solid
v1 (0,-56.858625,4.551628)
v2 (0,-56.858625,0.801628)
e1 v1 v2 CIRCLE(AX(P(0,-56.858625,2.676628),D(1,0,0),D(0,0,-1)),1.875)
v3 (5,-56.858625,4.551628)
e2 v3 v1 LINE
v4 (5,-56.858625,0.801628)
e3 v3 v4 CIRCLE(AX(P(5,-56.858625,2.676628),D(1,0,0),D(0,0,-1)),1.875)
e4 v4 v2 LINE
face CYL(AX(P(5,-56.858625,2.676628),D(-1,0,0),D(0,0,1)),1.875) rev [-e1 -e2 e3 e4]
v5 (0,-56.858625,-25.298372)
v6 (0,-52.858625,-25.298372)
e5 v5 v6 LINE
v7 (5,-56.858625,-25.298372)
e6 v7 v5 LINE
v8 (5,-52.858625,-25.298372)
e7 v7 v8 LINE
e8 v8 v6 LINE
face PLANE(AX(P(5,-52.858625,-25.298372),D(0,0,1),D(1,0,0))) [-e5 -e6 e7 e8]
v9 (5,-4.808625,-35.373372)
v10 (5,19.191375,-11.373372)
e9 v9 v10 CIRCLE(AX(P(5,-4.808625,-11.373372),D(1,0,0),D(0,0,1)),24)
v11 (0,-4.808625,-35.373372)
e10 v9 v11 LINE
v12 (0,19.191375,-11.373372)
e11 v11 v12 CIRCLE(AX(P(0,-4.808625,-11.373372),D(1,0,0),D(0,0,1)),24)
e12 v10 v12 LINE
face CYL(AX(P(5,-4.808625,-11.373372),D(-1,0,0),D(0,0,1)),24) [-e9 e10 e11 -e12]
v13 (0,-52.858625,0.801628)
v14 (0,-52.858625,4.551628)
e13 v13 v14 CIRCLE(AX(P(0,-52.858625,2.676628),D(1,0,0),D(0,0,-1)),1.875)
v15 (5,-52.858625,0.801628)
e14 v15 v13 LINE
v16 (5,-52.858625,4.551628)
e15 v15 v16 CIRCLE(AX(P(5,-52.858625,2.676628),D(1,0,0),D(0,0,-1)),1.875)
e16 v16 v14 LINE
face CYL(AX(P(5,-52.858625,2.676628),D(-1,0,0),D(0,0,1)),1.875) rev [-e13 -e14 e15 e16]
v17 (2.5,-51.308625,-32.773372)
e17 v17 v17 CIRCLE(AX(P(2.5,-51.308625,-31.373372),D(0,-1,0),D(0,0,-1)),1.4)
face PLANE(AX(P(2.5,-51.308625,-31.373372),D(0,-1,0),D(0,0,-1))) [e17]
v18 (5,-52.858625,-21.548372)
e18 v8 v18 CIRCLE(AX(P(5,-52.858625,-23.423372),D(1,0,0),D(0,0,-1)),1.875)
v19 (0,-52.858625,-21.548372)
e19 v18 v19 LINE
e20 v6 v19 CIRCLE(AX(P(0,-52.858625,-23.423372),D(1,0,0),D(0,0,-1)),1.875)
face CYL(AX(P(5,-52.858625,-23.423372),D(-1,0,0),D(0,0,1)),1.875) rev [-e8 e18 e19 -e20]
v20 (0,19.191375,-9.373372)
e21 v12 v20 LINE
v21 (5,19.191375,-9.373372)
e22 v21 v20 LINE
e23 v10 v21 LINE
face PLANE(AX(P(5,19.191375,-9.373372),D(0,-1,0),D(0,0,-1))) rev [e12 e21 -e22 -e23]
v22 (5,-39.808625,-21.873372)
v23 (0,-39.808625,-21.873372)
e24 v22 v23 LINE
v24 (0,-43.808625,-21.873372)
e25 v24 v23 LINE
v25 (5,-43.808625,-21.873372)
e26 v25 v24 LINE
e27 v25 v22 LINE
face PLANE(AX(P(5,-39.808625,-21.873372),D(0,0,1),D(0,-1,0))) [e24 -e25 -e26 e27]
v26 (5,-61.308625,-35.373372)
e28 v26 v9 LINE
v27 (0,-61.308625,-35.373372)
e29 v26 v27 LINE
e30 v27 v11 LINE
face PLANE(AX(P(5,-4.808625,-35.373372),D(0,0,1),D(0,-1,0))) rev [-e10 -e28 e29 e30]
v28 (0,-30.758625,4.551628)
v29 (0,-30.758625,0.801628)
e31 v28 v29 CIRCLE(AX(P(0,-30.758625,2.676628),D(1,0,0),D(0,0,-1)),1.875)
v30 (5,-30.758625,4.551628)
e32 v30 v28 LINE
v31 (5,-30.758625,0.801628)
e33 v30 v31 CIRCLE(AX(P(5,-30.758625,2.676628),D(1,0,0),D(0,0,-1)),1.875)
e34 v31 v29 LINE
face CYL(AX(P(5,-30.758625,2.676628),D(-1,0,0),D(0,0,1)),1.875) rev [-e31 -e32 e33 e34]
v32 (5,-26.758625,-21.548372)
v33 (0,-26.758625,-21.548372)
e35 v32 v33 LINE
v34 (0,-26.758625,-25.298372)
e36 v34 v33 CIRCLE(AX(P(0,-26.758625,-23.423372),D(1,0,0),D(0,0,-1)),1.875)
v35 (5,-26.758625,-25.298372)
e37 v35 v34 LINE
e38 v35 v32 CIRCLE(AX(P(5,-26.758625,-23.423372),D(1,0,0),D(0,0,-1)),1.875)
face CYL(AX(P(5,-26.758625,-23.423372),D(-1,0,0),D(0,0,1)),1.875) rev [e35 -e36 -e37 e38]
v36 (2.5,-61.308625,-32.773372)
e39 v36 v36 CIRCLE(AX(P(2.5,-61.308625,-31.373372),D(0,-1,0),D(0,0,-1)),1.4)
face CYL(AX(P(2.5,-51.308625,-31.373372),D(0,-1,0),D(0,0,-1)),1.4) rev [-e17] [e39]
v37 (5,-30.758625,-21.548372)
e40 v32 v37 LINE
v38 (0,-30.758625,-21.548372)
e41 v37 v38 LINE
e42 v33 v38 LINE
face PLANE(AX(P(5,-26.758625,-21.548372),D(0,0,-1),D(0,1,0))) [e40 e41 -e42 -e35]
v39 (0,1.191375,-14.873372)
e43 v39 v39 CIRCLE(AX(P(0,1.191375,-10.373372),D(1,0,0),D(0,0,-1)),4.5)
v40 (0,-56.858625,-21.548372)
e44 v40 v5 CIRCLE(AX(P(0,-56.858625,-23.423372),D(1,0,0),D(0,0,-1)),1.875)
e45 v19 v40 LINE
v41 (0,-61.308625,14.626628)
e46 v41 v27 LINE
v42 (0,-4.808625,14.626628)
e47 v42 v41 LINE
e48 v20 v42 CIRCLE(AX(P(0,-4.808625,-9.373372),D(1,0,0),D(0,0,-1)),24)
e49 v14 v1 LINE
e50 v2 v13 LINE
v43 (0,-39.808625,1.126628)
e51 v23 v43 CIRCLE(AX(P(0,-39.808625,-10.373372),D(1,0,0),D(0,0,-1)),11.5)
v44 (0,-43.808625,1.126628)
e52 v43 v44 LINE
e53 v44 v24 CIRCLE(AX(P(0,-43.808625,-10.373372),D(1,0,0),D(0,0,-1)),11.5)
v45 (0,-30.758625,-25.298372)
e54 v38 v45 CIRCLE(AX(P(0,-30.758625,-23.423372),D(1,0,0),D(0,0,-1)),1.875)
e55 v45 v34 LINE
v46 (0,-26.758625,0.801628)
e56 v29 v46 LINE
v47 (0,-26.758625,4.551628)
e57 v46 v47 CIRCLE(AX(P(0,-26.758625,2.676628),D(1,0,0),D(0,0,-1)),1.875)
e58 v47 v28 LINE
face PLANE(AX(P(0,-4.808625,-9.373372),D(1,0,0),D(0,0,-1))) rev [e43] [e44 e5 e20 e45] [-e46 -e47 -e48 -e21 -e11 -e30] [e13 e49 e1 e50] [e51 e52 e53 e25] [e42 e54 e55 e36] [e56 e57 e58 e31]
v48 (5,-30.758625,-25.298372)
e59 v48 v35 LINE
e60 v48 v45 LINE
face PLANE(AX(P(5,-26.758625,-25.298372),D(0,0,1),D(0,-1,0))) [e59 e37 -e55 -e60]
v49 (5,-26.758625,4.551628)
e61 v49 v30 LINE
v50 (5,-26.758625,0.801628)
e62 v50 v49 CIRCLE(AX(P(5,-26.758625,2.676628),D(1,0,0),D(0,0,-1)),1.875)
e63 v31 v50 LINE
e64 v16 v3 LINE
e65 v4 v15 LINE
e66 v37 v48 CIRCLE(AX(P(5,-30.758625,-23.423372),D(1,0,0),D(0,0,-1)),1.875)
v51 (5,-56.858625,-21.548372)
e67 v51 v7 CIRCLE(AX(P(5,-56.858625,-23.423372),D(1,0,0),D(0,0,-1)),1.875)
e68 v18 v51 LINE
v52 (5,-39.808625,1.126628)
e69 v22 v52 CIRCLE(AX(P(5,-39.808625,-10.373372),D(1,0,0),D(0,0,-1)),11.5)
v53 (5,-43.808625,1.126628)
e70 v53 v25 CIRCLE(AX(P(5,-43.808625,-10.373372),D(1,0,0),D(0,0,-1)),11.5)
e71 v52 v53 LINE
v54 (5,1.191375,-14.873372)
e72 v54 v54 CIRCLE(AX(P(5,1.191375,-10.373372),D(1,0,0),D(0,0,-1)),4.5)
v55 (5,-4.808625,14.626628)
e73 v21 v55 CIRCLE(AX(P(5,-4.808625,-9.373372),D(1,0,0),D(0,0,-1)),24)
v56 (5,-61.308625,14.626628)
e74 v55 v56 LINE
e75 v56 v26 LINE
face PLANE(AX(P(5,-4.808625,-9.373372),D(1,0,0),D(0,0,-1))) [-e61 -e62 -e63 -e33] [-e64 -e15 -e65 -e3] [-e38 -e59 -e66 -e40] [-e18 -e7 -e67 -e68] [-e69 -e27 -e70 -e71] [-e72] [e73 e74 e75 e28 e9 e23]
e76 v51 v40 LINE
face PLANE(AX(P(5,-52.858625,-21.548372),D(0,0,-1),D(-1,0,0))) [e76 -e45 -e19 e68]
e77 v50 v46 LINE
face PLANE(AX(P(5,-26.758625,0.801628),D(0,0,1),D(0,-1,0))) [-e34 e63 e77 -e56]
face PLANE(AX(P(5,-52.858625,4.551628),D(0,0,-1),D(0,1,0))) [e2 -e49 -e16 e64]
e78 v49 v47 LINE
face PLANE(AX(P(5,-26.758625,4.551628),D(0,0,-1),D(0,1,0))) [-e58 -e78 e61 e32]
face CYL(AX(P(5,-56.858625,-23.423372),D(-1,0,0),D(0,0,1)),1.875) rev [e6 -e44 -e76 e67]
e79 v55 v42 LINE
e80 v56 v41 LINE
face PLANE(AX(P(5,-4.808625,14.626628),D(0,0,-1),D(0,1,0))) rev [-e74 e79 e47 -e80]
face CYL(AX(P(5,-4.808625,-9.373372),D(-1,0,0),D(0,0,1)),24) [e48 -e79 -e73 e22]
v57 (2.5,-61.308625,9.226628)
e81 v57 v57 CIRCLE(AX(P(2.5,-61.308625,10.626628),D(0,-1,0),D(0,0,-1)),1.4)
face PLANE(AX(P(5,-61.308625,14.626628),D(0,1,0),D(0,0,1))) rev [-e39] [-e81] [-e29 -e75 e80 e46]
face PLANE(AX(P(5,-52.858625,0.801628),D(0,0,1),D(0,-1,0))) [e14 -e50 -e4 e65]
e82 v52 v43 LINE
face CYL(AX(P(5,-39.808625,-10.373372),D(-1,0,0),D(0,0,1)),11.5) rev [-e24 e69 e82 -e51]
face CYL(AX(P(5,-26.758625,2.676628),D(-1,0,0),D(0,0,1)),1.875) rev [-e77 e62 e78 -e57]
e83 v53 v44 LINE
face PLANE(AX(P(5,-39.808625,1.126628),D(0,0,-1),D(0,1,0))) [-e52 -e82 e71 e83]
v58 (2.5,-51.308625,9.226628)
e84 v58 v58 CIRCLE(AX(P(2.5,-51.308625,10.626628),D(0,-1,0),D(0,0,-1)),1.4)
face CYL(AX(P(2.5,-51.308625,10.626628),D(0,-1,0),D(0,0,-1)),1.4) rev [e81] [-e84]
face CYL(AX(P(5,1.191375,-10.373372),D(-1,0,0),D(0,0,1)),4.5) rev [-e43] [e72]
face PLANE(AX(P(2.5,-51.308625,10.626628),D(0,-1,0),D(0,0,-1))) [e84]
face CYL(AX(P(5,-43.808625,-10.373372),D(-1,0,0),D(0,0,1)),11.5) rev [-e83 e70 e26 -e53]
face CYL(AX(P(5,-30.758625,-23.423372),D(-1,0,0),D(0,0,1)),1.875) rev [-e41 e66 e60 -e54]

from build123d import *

# Parameters (mm, degrees)
SKETCH1_R           = 4.5
BOSS_EXTRUDE1_DEPTH = 5
SKETCH2_R           = 1.4
CUT_EXTRUDE1_DEPTH  = 10


with BuildPart() as part:
    # Sketch1 → Boss-Extrude1 (new body)
    with BuildSketch(Plane(origin=(0, 0, 0), x_dir=(0, 0, -1), z_dir=(1, 0, 0))):
        with BuildLine():
            Line((9.37337158, 19.191374663), (11.37337158, 19.191374663))
            ThreePointArc((11.37337158, 19.191374663), (28.343934329, 12.161937412), (35.37337158, -4.808625337))
            Line((35.37337158, -4.808625337), (35.37337158, -61.308625337))
            Line((35.37337158, -61.308625337), (-14.62662842, -61.308625337))
            Line((-14.62662842, -61.308625337), (-14.62662842, -4.808625337))
            ThreePointArc((-14.62662842, -4.808625337), (-7.597191168, 12.161937412), (9.37337158, 19.191374663))
        make_face()
        with Locations((10.37337158, 1.191374663)):
            Circle(SKETCH1_R, mode=Mode.SUBTRACT)
        with BuildLine():
            Line((-4.55162842, -26.758625337), (-4.55162842, -30.758625337))
            ThreePointArc((-4.55162842, -30.758625337), (-2.67662842, -32.633625337), (-0.80162842, -30.758625337))
            Line((-0.80162842, -30.758625337), (-0.80162842, -26.758625337))
            ThreePointArc((-0.80162842, -26.758625337), (-2.67662842, -24.883625337), (-4.55162842, -26.758625337))
        make_face(mode=Mode.SUBTRACT)
        with BuildLine():
            Line((21.54837158, -26.758625337), (21.54837158, -30.758625337))
            ThreePointArc((21.54837158, -30.758625337), (23.42337158, -32.633625337), (25.29837158, -30.758625337))
            Line((25.29837158, -30.758625337), (25.29837158, -26.758625337))
            ThreePointArc((25.29837158, -26.758625337), (23.42337158, -24.883625337), (21.54837158, -26.758625337))
        make_face(mode=Mode.SUBTRACT)
        with BuildLine():
            Line((25.29837158, -52.858625337), (25.29837158, -56.858625337))
            ThreePointArc((25.29837158, -56.858625337), (23.42337158, -58.733625337), (21.54837158, -56.858625337))
            Line((21.54837158, -56.858625337), (21.54837158, -52.858625337))
            ThreePointArc((21.54837158, -52.858625337), (23.42337158, -50.983625337), (25.29837158, -52.858625337))
        make_face(mode=Mode.SUBTRACT)
        with BuildLine():
            Line((-4.55162842, -52.858625337), (-4.55162842, -56.858625337))
            ThreePointArc((-4.55162842, -56.858625337), (-2.67662842, -58.733625337), (-0.80162842, -56.858625337))
            Line((-0.80162842, -56.858625337), (-0.80162842, -52.858625337))
            ThreePointArc((-0.80162842, -52.858625337), (-2.67662842, -50.983625337), (-4.55162842, -52.858625337))
        make_face(mode=Mode.SUBTRACT)
        with BuildLine():
            Line((-1.12662842, -39.808625337), (-1.12662842, -43.808625337))
            ThreePointArc((-1.12662842, -43.808625337), (10.37337158, -55.308625337), (21.87337158, -43.808625337))
            Line((21.87337158, -43.808625337), (21.87337158, -39.808625337))
            ThreePointArc((21.87337158, -39.808625337), (10.37337158, -28.308625337), (-1.12662842, -39.808625337))
        make_face(mode=Mode.SUBTRACT)
    extrude(amount=BOSS_EXTRUDE1_DEPTH)

    # Sketch2 → Cut-Extrude1 (cut)
    with BuildSketch(Plane(origin=(0, -61.308625337, 0), x_dir=(-1, 0, 0), z_dir=(0, -1, 0))):
        with Locations((-2.5, -10.62662842)):
            Circle(SKETCH2_R)
        with Locations((-2.5, 31.37337158)):
            Circle(SKETCH2_R)
    extrude(amount=-CUT_EXTRUDE1_DEPTH, mode=Mode.SUBTRACT)


solid = part.part
